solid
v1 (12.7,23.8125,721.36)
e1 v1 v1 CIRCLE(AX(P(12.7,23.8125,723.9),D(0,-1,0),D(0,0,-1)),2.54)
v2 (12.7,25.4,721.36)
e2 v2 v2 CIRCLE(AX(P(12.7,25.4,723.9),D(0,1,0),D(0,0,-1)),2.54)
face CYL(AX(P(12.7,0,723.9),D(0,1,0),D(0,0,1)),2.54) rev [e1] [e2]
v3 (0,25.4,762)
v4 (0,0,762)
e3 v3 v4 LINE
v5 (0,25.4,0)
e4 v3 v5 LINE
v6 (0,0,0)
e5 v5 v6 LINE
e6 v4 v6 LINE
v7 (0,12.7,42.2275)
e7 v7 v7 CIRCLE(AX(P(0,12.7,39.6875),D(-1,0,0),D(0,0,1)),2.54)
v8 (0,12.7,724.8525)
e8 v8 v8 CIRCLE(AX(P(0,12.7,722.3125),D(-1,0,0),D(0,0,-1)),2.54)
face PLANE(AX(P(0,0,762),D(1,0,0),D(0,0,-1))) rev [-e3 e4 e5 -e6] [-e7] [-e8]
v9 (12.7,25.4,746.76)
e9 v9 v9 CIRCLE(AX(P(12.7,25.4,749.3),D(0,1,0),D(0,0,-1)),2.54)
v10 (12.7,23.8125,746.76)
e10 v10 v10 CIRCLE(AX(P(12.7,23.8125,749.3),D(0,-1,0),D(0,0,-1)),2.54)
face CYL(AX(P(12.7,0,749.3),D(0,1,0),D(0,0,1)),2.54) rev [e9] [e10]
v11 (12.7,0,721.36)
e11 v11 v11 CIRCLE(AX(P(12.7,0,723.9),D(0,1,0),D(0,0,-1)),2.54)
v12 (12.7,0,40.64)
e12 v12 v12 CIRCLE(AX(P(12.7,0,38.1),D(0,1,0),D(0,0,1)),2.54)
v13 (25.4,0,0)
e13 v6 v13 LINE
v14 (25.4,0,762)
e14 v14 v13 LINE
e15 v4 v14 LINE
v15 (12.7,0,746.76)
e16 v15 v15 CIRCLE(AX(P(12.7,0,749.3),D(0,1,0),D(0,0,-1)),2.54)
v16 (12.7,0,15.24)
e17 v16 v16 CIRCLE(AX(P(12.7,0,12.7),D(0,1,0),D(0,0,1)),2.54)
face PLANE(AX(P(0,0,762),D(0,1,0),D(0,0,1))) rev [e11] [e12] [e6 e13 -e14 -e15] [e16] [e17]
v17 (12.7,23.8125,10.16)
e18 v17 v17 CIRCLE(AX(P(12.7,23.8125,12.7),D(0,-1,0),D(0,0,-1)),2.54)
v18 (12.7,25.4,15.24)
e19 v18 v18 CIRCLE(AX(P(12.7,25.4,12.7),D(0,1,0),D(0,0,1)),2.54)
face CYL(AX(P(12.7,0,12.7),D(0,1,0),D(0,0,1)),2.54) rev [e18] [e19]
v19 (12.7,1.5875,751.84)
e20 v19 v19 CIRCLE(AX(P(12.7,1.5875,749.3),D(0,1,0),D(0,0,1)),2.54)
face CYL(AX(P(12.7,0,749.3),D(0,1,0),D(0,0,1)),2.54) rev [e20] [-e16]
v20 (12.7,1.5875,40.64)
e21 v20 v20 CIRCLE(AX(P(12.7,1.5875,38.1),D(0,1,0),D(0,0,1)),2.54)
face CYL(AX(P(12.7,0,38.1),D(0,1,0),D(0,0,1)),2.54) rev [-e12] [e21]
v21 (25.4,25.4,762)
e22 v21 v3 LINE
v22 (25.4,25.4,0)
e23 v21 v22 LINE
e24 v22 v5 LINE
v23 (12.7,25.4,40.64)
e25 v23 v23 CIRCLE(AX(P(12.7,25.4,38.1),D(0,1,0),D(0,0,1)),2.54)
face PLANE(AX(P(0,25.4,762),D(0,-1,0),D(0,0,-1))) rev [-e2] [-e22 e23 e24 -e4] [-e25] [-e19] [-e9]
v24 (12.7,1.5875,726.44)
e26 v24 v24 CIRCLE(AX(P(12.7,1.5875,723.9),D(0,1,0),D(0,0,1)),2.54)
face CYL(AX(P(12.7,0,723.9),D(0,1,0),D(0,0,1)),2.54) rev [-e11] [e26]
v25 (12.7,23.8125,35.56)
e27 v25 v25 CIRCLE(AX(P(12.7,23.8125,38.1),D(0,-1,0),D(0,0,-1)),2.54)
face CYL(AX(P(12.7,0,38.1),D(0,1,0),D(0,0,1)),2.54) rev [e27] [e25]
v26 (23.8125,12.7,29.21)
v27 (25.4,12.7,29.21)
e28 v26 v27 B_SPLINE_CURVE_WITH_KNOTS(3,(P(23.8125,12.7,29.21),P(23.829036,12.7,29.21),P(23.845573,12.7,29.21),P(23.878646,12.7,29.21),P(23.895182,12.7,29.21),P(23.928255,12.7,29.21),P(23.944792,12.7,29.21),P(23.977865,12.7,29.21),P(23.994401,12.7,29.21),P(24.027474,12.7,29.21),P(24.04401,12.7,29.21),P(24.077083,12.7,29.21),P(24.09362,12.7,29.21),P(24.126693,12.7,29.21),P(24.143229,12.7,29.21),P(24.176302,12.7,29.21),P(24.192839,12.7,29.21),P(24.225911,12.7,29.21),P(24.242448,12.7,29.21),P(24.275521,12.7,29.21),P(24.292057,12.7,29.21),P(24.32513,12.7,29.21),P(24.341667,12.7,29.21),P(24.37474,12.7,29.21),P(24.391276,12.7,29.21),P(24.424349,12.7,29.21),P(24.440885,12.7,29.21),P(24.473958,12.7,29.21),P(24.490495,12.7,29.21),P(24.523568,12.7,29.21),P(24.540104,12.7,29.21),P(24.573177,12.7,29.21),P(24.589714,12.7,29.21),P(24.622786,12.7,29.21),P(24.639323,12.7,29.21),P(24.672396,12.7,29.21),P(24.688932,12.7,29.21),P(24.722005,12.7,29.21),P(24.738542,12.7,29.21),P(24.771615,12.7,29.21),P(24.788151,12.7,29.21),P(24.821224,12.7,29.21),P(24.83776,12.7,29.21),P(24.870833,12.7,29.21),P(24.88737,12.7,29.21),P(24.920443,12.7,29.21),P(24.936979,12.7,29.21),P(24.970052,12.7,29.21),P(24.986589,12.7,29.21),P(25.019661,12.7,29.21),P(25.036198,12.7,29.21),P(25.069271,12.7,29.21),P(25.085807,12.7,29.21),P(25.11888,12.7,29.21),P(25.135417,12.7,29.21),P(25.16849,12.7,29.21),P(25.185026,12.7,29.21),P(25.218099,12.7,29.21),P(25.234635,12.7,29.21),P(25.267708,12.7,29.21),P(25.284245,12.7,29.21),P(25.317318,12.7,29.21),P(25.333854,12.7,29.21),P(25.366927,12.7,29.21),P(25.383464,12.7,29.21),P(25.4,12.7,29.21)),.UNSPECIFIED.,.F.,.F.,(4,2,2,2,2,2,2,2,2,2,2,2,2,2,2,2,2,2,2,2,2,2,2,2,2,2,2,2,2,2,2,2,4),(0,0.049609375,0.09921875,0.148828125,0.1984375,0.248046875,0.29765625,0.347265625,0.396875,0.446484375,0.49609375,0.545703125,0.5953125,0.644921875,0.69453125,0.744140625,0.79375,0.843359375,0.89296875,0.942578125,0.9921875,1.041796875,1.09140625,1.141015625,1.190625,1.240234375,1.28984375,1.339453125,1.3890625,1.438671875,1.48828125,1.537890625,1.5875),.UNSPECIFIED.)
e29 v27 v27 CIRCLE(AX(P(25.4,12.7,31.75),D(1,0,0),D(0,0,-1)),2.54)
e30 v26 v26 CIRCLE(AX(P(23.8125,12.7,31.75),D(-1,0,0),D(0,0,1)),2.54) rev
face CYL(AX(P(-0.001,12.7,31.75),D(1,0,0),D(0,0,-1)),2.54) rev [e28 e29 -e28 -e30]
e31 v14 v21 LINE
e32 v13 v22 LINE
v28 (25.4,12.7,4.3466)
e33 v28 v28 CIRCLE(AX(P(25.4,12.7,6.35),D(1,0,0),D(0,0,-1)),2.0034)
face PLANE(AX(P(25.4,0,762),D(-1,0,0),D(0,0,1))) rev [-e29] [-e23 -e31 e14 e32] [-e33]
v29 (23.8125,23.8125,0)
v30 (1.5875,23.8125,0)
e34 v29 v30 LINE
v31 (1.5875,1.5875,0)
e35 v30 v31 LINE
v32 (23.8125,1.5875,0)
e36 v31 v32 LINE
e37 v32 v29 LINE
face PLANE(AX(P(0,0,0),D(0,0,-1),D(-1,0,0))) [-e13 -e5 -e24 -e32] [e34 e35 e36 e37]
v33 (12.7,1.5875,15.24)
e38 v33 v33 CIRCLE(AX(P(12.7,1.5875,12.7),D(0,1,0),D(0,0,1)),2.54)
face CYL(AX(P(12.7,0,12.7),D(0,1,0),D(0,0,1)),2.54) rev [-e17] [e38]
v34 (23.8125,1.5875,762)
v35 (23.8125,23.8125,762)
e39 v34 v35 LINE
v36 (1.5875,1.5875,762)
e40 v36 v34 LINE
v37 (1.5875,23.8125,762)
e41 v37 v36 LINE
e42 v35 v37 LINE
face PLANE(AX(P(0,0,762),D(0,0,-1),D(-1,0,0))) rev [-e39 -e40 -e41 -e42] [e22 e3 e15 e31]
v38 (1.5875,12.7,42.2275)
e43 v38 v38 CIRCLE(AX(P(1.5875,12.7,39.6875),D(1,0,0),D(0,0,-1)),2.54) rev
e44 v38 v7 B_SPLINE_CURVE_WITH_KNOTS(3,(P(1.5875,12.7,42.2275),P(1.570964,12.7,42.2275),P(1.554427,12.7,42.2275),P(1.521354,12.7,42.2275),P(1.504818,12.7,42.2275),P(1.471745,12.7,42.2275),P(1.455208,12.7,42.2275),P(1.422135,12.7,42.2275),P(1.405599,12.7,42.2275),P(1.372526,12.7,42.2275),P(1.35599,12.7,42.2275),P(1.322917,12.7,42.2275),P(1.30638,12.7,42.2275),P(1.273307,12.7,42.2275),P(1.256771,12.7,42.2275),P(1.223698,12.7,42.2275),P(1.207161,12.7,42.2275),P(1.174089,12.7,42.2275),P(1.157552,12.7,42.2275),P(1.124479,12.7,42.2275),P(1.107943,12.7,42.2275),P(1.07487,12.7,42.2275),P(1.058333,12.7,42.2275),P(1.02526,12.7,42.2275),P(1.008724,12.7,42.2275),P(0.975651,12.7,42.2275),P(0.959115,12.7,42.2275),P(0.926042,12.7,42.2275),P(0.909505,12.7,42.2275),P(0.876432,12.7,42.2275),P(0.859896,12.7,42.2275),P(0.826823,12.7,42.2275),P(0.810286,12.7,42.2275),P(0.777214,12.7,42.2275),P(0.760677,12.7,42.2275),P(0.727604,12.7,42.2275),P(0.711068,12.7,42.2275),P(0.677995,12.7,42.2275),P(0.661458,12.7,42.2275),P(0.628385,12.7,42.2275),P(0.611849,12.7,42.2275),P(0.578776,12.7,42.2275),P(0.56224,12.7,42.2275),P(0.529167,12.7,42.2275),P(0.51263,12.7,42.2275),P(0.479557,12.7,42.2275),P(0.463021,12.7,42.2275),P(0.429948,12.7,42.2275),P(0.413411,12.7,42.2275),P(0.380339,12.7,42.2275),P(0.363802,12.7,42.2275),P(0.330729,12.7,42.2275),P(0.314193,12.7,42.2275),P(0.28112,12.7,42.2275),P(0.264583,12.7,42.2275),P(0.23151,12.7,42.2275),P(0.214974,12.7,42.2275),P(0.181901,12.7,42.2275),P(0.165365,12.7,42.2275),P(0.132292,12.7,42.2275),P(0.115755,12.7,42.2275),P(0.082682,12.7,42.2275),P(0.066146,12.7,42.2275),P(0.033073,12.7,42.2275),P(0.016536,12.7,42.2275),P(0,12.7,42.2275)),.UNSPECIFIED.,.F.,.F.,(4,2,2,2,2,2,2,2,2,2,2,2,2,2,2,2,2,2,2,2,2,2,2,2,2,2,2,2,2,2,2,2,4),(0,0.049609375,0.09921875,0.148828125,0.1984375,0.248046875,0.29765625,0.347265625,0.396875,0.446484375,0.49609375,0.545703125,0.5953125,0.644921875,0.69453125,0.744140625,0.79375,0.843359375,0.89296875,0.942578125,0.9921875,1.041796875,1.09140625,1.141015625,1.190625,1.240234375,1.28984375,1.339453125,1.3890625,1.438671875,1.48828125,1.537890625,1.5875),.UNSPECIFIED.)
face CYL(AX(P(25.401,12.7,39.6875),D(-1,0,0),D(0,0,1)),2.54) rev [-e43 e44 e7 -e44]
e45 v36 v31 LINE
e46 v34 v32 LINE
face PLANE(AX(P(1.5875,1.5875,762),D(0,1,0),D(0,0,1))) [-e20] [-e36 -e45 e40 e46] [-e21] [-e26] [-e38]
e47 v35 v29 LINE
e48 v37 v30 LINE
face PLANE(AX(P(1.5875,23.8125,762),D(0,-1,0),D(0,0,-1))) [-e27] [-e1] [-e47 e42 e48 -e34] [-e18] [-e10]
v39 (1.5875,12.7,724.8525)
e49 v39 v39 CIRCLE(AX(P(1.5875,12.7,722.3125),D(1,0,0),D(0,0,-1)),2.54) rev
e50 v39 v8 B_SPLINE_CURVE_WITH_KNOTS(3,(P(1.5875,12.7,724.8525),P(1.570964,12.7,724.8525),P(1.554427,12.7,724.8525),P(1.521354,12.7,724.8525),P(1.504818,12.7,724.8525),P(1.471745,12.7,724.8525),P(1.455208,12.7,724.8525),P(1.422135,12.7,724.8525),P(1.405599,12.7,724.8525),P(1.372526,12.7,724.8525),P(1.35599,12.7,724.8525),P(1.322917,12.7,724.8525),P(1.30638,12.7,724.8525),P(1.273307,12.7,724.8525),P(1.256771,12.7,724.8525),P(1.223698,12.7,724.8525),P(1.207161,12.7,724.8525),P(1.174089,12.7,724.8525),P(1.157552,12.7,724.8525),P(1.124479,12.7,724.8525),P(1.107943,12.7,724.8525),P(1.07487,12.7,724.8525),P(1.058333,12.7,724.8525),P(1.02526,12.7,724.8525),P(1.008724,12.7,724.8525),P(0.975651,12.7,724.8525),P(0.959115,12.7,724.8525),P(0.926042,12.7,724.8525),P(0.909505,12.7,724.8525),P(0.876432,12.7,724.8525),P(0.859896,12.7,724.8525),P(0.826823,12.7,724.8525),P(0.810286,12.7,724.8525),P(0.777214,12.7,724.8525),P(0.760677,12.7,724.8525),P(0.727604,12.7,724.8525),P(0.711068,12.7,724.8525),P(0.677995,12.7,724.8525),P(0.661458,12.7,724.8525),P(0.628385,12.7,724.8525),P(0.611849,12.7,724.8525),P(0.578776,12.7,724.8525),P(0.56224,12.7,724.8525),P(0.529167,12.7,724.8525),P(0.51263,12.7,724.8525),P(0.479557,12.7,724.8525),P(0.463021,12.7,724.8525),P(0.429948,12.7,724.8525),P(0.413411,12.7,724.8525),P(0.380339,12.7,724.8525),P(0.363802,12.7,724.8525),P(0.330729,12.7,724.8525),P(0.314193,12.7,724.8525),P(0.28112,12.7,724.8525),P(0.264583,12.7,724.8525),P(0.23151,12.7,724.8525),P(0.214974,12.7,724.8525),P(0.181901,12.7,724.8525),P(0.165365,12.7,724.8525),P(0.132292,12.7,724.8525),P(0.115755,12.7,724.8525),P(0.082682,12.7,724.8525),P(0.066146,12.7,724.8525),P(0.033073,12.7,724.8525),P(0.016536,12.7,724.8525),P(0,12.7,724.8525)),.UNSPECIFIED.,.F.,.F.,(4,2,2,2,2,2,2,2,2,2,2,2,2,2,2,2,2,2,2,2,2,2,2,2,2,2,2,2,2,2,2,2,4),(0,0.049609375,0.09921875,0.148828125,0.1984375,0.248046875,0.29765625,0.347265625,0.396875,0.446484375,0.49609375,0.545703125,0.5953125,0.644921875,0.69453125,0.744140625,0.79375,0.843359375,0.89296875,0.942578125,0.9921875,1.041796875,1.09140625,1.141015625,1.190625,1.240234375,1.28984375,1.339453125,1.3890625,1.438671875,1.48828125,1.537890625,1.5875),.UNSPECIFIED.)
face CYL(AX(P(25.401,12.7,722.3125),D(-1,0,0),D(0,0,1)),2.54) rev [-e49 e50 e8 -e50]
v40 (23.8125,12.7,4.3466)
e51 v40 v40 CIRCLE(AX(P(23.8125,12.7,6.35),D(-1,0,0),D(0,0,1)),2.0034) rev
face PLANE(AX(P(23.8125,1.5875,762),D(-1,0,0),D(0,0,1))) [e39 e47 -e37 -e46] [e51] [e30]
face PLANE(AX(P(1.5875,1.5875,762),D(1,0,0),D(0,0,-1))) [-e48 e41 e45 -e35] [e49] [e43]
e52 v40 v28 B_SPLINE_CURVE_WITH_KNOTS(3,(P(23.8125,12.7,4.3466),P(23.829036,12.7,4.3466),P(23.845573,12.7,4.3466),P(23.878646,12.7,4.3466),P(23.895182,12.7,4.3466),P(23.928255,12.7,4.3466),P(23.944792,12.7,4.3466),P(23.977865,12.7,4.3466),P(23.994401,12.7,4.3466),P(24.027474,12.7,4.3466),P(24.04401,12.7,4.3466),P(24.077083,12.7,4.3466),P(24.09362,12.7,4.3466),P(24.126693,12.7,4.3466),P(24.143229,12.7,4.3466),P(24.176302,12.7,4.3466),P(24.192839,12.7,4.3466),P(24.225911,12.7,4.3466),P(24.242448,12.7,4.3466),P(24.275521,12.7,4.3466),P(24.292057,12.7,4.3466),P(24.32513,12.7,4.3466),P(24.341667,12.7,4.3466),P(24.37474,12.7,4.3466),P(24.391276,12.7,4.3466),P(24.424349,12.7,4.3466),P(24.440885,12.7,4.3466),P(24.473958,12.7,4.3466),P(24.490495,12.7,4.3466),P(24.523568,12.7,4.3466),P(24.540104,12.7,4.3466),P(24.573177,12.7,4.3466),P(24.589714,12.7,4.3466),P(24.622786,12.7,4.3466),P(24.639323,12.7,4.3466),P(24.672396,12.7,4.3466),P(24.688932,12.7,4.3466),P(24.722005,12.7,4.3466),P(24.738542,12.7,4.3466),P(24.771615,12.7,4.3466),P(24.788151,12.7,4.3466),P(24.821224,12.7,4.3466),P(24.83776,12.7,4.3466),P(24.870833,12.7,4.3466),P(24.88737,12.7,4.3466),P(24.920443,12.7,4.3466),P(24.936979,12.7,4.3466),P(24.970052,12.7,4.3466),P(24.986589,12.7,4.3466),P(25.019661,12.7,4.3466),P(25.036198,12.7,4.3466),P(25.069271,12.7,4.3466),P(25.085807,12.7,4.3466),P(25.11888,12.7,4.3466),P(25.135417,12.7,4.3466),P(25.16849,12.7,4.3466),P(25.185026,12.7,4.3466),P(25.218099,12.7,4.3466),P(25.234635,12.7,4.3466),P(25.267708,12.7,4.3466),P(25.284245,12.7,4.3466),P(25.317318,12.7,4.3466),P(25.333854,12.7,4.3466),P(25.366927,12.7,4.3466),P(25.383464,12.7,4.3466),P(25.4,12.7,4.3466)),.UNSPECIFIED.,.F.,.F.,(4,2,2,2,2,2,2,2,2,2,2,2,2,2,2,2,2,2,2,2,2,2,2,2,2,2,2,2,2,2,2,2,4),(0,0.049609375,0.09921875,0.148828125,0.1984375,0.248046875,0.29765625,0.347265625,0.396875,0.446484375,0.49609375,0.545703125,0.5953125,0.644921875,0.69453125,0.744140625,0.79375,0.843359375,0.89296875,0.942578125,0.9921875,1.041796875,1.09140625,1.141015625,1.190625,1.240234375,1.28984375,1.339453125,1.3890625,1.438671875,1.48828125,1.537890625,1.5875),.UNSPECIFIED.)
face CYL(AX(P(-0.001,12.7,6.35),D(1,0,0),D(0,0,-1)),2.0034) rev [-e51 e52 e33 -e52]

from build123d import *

# Parameters (mm, degrees)
SKETCH1_W           = 25.4
SKETCH1_H           = 25.4
SKETCH1_W_2         = 22.225
SKETCH1_H_2         = 22.225
BOSS_EXTRUDE1_DEPTH = 762
SKETCH3_R           = 2.54
CUT_EXTRUDE2_DEPTH  = 763.846196818
CUT_EXTRUDE3_REACH  = 764.846
SKETCH4_R           = 2.003399785
SKETCH4_R_2         = 2.54
CUT_EXTRUDE4_REACH  = 764.846
SKETCH5_R           = 2.54


with BuildPart() as part:
    # Sketch1 → Boss-Extrude1 (new body)
    with BuildSketch(Plane.XY):
        with Locations((12.7, 12.7)):
            Rectangle(SKETCH1_W, SKETCH1_H)
        with Locations((12.7, 12.7)):
            Rectangle(SKETCH1_W_2, SKETCH1_H_2, mode=Mode.SUBTRACT)
    extrude(amount=BOSS_EXTRUDE1_DEPTH)

    # Sketch3 → Cut-Extrude2 (cut, through all)
    with BuildSketch(Plane(origin=(0, 25.4, 0), x_dir=(1, 0, 0), z_dir=(0, 1, 0))):
        with Locations(Location((12.7, -12.7, 0), (0, 0, 270))):
            Circle(SKETCH3_R)
        with Locations(Location((12.7, -38.1, 0), (0, 0, 270))):
            Circle(SKETCH3_R)
        with Locations(Location((12.7, -723.9, 0), (0, 0, 90))):
            Circle(SKETCH3_R)
        with Locations(Location((12.7, -749.3, 0), (0, 0, 90))):
            Circle(SKETCH3_R)
    extrude(amount=-CUT_EXTRUDE2_DEPTH, mode=Mode.SUBTRACT)

    # Sketch4 → Cut-Extrude3 (cut, up to next)
    with BuildSketch(Plane(origin=(25.4, 0, 0), x_dir=(0, 0, -1), z_dir=(1, 0, 0)), mode=Mode.PRIVATE) as cut_extrude3_sk1:
        with Locations((-6.35, 12.7)):
            Circle(SKETCH4_R)
    cut_extrude3_tool1 = extrude(cut_extrude3_sk1.sketch, amount=-CUT_EXTRUDE3_REACH, mode=Mode.PRIVATE) & part.part
    # Sketch4 → Cut-Extrude3 (cut, up to next)
    with BuildSketch(Plane(origin=(25.4, 0, 0), x_dir=(0, 0, -1), z_dir=(1, 0, 0)), mode=Mode.PRIVATE) as cut_extrude3_sk2:
        with Locations((-31.75, 12.7)):
            Circle(SKETCH4_R_2)
    cut_extrude3_tool2 = extrude(cut_extrude3_sk2.sketch, amount=-CUT_EXTRUDE3_REACH, mode=Mode.PRIVATE) & part.part
    add(cut_extrude3_tool1.solids().sort_by_distance((25.4, 12.7, 6.35))[0], mode=Mode.SUBTRACT)
    add(cut_extrude3_tool2.solids().sort_by_distance((25.4, 12.7, 31.75))[0], mode=Mode.SUBTRACT)

    # Sketch5 → Cut-Extrude4 (cut, up to next)
    with BuildSketch(Plane.ZY, mode=Mode.PRIVATE) as cut_extrude4_sk1:
        with Locations((39.6875, 12.7)):
            Circle(SKETCH5_R)
    cut_extrude4_tool1 = extrude(cut_extrude4_sk1.sketch, amount=-CUT_EXTRUDE4_REACH, mode=Mode.PRIVATE) & part.part
    # Sketch5 → Cut-Extrude4 (cut, up to next)
    with BuildSketch(Plane.ZY, mode=Mode.PRIVATE) as cut_extrude4_sk2:
        with Locations((722.3125, 12.7)):
            Circle(SKETCH5_R)
    cut_extrude4_tool2 = extrude(cut_extrude4_sk2.sketch, amount=-CUT_EXTRUDE4_REACH, mode=Mode.PRIVATE) & part.part
    add(cut_extrude4_tool1.solids().sort_by_distance((0, 12.7, 39.6875))[0], mode=Mode.SUBTRACT)
    add(cut_extrude4_tool2.solids().sort_by_distance((0, 12.7, 722.3125))[0], mode=Mode.SUBTRACT)


solid = part.part
